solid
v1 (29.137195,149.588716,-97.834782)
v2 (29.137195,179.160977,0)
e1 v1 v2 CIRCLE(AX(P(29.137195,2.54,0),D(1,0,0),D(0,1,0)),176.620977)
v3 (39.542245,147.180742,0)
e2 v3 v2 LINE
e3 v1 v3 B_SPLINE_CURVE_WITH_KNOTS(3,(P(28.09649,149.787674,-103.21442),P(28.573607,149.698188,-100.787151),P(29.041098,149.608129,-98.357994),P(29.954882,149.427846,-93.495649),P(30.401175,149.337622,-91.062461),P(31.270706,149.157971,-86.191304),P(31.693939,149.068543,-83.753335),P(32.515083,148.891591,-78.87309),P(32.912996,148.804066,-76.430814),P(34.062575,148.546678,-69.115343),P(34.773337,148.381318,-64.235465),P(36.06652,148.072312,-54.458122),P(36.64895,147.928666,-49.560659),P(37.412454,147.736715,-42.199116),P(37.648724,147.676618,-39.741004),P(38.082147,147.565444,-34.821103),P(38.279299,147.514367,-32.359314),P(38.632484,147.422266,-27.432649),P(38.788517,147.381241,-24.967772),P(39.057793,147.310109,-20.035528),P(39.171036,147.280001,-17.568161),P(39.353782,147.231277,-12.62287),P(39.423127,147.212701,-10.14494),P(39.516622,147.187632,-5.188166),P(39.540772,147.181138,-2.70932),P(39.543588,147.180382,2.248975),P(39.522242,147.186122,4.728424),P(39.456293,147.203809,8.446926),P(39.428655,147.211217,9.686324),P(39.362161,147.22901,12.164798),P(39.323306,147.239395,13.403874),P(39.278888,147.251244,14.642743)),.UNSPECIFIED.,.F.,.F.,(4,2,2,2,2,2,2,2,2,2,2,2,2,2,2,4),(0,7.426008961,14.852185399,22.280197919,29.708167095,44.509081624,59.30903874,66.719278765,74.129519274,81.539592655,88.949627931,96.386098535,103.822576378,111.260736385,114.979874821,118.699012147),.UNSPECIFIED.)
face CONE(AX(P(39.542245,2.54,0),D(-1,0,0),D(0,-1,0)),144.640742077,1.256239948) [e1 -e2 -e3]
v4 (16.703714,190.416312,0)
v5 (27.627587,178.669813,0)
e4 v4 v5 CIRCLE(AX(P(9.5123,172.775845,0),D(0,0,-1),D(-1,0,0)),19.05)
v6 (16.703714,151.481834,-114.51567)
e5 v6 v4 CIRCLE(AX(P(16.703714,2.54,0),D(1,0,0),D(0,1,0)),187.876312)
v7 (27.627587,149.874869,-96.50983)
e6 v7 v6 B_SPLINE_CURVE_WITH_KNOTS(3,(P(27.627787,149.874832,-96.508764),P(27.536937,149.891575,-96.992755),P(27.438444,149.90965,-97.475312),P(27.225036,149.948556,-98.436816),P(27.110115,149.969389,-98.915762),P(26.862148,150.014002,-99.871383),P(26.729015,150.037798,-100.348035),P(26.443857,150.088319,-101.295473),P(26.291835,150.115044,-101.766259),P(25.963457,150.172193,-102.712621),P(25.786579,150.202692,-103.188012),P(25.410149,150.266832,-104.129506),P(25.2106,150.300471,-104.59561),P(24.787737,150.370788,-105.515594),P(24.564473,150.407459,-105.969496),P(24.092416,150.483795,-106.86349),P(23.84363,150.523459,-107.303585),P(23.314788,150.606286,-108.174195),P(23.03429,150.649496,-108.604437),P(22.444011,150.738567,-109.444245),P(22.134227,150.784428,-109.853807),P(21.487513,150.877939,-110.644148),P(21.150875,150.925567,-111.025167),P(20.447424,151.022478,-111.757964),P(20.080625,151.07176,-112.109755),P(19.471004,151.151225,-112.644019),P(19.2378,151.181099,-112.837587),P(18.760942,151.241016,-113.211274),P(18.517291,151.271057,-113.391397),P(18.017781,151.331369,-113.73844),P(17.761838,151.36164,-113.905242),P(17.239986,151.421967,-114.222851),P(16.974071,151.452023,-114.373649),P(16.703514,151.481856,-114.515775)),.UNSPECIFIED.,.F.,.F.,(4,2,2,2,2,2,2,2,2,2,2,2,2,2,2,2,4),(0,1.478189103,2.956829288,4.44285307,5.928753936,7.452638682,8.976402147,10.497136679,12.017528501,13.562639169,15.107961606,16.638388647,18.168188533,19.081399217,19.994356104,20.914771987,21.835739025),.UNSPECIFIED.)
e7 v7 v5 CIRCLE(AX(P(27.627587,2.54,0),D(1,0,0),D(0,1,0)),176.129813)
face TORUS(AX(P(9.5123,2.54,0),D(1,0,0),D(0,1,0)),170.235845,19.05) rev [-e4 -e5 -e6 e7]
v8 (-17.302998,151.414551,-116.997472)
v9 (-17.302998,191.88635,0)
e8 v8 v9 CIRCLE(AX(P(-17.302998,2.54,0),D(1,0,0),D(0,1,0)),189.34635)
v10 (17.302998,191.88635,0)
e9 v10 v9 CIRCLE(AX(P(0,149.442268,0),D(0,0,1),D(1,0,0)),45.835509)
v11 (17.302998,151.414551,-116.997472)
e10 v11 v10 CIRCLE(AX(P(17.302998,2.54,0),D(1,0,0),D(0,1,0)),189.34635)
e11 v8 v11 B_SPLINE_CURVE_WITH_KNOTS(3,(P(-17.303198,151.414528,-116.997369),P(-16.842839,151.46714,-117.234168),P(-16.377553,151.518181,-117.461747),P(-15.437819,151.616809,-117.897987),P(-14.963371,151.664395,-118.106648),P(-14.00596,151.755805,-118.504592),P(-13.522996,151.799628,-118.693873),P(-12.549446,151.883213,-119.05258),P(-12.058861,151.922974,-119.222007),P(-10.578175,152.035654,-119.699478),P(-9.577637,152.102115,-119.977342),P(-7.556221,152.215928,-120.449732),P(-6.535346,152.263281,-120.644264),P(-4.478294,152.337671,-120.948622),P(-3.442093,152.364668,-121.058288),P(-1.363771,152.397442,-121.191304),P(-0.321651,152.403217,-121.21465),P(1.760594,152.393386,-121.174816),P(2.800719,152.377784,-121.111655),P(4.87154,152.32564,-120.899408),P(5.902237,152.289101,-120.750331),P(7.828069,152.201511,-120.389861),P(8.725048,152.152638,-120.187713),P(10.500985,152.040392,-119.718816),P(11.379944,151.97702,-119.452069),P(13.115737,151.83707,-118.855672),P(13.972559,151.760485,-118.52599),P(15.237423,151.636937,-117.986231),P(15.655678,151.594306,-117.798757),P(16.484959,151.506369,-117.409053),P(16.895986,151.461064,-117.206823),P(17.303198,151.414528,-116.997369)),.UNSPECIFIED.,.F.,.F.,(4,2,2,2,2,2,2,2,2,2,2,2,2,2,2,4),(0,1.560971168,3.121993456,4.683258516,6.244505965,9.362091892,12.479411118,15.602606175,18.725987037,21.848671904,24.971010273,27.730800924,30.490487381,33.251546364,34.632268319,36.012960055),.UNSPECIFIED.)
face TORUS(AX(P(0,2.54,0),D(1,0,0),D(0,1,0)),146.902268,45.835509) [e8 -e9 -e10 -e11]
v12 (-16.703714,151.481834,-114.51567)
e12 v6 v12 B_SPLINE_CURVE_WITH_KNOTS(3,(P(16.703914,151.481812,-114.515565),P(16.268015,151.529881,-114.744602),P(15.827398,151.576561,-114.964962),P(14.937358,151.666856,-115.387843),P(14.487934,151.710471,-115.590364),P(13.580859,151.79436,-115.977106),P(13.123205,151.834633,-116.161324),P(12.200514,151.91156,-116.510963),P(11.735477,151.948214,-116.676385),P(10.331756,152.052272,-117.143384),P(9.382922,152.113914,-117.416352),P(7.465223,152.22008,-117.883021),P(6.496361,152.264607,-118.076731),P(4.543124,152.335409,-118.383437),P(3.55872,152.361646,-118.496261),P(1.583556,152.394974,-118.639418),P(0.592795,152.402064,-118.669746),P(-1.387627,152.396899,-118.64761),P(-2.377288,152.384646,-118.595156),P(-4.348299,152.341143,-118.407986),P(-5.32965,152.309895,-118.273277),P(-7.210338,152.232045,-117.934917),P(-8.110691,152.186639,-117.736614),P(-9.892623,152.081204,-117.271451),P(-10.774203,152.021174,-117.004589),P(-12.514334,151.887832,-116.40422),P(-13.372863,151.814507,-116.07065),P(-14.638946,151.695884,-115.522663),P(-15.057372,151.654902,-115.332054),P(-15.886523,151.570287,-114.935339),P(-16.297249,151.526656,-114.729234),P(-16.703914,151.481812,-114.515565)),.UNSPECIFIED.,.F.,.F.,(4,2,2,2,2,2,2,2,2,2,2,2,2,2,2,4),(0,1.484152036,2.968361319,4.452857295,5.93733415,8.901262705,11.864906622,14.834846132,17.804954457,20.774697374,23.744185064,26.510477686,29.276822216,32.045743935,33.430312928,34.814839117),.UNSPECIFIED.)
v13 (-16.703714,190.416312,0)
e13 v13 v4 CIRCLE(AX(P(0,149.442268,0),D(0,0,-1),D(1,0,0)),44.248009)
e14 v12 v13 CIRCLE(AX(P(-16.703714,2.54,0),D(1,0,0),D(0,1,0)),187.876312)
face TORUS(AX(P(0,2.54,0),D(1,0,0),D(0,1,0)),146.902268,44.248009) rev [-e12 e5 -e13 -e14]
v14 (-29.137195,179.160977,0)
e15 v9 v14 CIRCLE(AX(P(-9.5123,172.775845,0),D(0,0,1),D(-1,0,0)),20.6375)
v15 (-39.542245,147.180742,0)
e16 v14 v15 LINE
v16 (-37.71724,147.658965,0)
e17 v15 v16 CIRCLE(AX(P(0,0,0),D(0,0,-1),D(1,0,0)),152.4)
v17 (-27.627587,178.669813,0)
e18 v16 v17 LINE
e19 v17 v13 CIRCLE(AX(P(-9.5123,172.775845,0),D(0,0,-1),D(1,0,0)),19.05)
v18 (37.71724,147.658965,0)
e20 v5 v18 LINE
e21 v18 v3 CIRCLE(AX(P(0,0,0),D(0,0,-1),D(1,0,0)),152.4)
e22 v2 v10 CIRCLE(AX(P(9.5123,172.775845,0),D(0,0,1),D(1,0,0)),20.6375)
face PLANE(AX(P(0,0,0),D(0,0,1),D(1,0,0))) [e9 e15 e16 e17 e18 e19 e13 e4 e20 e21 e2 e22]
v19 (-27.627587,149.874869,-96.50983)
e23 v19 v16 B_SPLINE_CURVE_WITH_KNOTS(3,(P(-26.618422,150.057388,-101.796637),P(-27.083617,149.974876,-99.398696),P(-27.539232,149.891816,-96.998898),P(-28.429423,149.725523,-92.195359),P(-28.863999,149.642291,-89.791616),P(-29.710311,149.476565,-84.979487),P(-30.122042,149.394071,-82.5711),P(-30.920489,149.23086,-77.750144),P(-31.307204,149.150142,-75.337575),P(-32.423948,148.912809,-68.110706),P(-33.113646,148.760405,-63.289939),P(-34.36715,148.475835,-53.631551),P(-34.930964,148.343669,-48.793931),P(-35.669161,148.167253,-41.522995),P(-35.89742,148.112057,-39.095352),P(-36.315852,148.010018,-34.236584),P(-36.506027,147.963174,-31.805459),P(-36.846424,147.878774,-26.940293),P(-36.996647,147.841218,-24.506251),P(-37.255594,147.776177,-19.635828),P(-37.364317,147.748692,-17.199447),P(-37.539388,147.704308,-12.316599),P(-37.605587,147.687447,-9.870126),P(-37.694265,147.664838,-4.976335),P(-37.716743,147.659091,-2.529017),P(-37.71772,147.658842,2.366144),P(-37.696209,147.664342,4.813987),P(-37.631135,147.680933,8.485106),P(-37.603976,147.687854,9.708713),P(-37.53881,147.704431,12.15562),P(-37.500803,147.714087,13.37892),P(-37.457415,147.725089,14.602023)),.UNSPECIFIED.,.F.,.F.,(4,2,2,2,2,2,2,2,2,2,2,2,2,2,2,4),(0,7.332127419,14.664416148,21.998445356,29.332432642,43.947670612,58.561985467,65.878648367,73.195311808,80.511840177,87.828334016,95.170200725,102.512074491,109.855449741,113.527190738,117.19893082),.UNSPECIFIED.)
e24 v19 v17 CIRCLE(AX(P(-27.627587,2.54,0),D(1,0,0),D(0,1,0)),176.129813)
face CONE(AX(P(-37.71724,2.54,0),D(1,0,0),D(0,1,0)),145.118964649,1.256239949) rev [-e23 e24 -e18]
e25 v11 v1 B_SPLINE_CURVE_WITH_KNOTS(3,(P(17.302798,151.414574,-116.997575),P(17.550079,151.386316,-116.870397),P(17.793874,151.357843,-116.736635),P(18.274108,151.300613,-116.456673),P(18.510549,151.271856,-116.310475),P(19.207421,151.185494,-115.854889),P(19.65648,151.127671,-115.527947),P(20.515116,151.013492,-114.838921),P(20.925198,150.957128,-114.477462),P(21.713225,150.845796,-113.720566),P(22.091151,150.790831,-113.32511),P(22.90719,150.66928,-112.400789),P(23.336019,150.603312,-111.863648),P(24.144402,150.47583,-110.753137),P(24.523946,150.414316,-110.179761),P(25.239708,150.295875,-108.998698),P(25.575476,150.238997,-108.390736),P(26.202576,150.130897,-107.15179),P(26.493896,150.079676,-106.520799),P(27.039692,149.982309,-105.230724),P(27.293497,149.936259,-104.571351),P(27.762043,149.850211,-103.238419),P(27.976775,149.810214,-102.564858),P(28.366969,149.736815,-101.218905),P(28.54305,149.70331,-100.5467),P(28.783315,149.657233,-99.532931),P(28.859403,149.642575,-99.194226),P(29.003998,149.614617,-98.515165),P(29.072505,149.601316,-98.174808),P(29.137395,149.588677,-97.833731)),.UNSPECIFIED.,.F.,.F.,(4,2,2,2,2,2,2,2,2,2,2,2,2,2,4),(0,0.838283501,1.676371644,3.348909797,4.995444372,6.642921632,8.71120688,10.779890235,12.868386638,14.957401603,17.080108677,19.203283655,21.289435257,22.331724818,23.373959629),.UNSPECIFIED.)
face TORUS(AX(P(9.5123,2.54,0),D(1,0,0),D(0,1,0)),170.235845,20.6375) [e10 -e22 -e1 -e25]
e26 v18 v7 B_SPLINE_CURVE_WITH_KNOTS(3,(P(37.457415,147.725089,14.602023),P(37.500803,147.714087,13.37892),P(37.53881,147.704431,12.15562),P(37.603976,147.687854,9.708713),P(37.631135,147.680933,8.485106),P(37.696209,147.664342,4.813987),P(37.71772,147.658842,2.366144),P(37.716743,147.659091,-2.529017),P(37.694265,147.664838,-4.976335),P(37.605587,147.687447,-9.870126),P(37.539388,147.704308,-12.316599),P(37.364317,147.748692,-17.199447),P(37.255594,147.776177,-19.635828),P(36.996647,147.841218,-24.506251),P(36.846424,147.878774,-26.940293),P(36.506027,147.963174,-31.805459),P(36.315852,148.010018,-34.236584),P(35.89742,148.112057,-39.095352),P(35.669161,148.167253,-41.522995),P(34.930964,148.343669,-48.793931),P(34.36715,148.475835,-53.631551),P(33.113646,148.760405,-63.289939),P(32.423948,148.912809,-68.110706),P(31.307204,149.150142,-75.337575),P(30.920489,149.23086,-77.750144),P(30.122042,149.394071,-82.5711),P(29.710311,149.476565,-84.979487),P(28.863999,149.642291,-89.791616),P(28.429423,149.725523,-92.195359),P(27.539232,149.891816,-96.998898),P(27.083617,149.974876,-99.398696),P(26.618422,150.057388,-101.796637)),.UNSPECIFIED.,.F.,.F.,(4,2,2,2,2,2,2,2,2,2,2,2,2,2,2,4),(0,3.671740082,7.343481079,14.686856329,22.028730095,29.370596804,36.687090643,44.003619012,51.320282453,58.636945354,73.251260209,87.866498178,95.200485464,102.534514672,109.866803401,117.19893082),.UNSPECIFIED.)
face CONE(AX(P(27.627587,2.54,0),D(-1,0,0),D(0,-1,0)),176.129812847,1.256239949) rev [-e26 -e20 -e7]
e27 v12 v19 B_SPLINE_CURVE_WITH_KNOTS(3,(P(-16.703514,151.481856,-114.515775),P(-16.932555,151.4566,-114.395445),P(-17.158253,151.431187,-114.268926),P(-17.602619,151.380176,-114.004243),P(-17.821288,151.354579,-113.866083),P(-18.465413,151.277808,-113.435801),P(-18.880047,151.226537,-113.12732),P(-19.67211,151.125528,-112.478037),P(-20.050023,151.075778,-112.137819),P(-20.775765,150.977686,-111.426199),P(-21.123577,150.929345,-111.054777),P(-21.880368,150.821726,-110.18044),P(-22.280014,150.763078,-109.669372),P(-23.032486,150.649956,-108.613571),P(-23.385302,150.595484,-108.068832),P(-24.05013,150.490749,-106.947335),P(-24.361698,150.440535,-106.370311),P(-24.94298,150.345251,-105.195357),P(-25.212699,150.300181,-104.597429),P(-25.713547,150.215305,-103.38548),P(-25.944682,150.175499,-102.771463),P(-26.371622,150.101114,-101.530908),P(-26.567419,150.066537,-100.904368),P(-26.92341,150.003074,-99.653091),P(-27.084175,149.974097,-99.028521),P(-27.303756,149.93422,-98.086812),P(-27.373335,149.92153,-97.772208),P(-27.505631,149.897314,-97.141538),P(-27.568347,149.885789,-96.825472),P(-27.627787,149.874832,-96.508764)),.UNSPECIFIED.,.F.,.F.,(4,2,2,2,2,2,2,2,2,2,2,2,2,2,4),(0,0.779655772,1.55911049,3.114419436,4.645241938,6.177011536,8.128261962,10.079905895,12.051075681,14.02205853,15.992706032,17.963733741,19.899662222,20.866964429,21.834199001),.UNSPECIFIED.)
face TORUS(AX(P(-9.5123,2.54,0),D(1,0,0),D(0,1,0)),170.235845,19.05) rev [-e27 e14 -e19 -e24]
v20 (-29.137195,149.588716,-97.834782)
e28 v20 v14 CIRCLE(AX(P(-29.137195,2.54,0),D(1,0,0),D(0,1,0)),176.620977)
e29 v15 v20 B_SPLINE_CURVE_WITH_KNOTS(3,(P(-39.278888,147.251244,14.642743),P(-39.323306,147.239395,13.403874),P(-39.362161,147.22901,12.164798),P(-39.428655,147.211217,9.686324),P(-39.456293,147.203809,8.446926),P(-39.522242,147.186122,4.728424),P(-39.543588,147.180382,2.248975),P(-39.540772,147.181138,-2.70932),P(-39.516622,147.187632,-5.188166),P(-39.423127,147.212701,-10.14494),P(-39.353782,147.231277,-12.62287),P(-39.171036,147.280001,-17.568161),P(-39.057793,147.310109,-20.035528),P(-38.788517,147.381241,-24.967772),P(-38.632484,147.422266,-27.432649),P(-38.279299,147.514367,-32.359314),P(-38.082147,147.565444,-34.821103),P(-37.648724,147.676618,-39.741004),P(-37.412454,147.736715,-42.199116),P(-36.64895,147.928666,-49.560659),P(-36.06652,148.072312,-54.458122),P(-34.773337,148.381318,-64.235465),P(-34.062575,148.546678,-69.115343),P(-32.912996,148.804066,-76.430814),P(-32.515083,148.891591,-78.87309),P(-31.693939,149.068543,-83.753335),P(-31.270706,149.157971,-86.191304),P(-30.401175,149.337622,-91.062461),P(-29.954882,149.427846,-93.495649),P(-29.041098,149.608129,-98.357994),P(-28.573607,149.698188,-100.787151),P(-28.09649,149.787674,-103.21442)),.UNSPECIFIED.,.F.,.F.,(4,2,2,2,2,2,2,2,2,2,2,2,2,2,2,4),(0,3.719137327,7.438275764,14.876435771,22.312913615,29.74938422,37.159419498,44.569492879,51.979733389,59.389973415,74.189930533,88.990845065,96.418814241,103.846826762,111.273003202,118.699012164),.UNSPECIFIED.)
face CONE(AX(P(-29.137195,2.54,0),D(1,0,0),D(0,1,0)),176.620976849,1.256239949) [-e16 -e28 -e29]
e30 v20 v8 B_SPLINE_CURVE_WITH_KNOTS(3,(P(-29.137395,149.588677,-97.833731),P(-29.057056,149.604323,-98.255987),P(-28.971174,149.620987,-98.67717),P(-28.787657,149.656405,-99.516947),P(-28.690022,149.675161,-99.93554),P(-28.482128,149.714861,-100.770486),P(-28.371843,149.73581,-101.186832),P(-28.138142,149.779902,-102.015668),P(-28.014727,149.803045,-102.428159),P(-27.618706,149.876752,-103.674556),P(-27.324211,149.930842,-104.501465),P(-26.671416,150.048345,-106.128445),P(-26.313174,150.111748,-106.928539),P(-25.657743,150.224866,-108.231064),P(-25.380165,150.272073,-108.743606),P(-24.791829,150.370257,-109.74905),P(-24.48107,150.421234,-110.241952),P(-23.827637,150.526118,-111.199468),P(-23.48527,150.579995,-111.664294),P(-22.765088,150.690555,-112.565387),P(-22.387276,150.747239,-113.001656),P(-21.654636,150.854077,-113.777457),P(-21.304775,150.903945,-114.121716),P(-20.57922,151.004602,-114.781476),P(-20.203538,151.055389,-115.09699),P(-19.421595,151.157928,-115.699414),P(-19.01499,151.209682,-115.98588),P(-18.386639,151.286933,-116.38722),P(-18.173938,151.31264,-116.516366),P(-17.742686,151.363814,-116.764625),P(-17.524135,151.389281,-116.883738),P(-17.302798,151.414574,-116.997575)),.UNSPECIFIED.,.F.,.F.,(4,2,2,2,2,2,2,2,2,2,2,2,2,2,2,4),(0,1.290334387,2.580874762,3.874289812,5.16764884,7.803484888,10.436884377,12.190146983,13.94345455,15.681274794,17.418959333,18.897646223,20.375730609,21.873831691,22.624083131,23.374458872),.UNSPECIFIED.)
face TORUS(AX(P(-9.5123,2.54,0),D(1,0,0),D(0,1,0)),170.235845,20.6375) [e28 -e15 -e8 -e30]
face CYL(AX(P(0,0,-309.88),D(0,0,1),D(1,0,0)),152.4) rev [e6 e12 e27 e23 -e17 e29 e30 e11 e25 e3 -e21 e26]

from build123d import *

# Parameters (mm, degrees)
REVOLVE1_ANGLE     = 56
SKETCH2_R          = 152.4
CUT_EXTRUDE1_DEPTH = 309.88


with BuildPart() as part:
    # Sketch1 → Revolve1 (revolve)
    with BuildSketch(Plane.XY):
        with BuildLine():
            Line((29.137194784, 179.160976849), (39.542245278, 147.180742077))
            ThreePointArc((39.542245278, 147.180742077), (38.630482432, 147.422677452), (37.717239544, 147.658964649))
            Line((37.717239544, 147.658964649), (27.627587493, 178.669812847))
            ThreePointArc((27.627587493, 178.669812847), (23.462294361, 185.748899875), (16.703713988, 190.41631151))
            ThreePointArc((16.703713988, 190.41631151), (0, 193.690277018), (-16.703713988, 190.41631151))
            ThreePointArc((-16.703713988, 190.41631151), (-23.462294361, 185.748899875), (-27.627587493, 178.669812847))
            Line((-27.627587493, 178.669812847), (-37.717239544, 147.658964649))
            ThreePointArc((-37.717239544, 147.658964649), (-38.630482432, 147.422677452), (-39.542245278, 147.180742077))
            Line((-39.542245278, 147.180742077), (-29.137194784, 179.160976849))
            ThreePointArc((-29.137194784, 179.160976849), (-24.624793891, 186.829987796), (-17.302998471, 191.886350359))
            ThreePointArc((-17.302998471, 191.886350359), (0, 195.277776974), (17.302998471, 191.886350359))
            ThreePointArc((17.302998471, 191.886350359), (24.624793891, 186.829987796), (29.137194784, 179.160976849))
        make_face()
    revolve(axis=Axis((0, 2.54, 0), (-1, 0, 0)), revolution_arc=REVOLVE1_ANGLE)

    # Sketch2 → Cut-Extrude1 (cut)
    with BuildSketch(Plane.XY):
        Circle(SKETCH2_R)
    extrude(amount=-CUT_EXTRUDE1_DEPTH, mode=Mode.SUBTRACT)


solid = part.part
